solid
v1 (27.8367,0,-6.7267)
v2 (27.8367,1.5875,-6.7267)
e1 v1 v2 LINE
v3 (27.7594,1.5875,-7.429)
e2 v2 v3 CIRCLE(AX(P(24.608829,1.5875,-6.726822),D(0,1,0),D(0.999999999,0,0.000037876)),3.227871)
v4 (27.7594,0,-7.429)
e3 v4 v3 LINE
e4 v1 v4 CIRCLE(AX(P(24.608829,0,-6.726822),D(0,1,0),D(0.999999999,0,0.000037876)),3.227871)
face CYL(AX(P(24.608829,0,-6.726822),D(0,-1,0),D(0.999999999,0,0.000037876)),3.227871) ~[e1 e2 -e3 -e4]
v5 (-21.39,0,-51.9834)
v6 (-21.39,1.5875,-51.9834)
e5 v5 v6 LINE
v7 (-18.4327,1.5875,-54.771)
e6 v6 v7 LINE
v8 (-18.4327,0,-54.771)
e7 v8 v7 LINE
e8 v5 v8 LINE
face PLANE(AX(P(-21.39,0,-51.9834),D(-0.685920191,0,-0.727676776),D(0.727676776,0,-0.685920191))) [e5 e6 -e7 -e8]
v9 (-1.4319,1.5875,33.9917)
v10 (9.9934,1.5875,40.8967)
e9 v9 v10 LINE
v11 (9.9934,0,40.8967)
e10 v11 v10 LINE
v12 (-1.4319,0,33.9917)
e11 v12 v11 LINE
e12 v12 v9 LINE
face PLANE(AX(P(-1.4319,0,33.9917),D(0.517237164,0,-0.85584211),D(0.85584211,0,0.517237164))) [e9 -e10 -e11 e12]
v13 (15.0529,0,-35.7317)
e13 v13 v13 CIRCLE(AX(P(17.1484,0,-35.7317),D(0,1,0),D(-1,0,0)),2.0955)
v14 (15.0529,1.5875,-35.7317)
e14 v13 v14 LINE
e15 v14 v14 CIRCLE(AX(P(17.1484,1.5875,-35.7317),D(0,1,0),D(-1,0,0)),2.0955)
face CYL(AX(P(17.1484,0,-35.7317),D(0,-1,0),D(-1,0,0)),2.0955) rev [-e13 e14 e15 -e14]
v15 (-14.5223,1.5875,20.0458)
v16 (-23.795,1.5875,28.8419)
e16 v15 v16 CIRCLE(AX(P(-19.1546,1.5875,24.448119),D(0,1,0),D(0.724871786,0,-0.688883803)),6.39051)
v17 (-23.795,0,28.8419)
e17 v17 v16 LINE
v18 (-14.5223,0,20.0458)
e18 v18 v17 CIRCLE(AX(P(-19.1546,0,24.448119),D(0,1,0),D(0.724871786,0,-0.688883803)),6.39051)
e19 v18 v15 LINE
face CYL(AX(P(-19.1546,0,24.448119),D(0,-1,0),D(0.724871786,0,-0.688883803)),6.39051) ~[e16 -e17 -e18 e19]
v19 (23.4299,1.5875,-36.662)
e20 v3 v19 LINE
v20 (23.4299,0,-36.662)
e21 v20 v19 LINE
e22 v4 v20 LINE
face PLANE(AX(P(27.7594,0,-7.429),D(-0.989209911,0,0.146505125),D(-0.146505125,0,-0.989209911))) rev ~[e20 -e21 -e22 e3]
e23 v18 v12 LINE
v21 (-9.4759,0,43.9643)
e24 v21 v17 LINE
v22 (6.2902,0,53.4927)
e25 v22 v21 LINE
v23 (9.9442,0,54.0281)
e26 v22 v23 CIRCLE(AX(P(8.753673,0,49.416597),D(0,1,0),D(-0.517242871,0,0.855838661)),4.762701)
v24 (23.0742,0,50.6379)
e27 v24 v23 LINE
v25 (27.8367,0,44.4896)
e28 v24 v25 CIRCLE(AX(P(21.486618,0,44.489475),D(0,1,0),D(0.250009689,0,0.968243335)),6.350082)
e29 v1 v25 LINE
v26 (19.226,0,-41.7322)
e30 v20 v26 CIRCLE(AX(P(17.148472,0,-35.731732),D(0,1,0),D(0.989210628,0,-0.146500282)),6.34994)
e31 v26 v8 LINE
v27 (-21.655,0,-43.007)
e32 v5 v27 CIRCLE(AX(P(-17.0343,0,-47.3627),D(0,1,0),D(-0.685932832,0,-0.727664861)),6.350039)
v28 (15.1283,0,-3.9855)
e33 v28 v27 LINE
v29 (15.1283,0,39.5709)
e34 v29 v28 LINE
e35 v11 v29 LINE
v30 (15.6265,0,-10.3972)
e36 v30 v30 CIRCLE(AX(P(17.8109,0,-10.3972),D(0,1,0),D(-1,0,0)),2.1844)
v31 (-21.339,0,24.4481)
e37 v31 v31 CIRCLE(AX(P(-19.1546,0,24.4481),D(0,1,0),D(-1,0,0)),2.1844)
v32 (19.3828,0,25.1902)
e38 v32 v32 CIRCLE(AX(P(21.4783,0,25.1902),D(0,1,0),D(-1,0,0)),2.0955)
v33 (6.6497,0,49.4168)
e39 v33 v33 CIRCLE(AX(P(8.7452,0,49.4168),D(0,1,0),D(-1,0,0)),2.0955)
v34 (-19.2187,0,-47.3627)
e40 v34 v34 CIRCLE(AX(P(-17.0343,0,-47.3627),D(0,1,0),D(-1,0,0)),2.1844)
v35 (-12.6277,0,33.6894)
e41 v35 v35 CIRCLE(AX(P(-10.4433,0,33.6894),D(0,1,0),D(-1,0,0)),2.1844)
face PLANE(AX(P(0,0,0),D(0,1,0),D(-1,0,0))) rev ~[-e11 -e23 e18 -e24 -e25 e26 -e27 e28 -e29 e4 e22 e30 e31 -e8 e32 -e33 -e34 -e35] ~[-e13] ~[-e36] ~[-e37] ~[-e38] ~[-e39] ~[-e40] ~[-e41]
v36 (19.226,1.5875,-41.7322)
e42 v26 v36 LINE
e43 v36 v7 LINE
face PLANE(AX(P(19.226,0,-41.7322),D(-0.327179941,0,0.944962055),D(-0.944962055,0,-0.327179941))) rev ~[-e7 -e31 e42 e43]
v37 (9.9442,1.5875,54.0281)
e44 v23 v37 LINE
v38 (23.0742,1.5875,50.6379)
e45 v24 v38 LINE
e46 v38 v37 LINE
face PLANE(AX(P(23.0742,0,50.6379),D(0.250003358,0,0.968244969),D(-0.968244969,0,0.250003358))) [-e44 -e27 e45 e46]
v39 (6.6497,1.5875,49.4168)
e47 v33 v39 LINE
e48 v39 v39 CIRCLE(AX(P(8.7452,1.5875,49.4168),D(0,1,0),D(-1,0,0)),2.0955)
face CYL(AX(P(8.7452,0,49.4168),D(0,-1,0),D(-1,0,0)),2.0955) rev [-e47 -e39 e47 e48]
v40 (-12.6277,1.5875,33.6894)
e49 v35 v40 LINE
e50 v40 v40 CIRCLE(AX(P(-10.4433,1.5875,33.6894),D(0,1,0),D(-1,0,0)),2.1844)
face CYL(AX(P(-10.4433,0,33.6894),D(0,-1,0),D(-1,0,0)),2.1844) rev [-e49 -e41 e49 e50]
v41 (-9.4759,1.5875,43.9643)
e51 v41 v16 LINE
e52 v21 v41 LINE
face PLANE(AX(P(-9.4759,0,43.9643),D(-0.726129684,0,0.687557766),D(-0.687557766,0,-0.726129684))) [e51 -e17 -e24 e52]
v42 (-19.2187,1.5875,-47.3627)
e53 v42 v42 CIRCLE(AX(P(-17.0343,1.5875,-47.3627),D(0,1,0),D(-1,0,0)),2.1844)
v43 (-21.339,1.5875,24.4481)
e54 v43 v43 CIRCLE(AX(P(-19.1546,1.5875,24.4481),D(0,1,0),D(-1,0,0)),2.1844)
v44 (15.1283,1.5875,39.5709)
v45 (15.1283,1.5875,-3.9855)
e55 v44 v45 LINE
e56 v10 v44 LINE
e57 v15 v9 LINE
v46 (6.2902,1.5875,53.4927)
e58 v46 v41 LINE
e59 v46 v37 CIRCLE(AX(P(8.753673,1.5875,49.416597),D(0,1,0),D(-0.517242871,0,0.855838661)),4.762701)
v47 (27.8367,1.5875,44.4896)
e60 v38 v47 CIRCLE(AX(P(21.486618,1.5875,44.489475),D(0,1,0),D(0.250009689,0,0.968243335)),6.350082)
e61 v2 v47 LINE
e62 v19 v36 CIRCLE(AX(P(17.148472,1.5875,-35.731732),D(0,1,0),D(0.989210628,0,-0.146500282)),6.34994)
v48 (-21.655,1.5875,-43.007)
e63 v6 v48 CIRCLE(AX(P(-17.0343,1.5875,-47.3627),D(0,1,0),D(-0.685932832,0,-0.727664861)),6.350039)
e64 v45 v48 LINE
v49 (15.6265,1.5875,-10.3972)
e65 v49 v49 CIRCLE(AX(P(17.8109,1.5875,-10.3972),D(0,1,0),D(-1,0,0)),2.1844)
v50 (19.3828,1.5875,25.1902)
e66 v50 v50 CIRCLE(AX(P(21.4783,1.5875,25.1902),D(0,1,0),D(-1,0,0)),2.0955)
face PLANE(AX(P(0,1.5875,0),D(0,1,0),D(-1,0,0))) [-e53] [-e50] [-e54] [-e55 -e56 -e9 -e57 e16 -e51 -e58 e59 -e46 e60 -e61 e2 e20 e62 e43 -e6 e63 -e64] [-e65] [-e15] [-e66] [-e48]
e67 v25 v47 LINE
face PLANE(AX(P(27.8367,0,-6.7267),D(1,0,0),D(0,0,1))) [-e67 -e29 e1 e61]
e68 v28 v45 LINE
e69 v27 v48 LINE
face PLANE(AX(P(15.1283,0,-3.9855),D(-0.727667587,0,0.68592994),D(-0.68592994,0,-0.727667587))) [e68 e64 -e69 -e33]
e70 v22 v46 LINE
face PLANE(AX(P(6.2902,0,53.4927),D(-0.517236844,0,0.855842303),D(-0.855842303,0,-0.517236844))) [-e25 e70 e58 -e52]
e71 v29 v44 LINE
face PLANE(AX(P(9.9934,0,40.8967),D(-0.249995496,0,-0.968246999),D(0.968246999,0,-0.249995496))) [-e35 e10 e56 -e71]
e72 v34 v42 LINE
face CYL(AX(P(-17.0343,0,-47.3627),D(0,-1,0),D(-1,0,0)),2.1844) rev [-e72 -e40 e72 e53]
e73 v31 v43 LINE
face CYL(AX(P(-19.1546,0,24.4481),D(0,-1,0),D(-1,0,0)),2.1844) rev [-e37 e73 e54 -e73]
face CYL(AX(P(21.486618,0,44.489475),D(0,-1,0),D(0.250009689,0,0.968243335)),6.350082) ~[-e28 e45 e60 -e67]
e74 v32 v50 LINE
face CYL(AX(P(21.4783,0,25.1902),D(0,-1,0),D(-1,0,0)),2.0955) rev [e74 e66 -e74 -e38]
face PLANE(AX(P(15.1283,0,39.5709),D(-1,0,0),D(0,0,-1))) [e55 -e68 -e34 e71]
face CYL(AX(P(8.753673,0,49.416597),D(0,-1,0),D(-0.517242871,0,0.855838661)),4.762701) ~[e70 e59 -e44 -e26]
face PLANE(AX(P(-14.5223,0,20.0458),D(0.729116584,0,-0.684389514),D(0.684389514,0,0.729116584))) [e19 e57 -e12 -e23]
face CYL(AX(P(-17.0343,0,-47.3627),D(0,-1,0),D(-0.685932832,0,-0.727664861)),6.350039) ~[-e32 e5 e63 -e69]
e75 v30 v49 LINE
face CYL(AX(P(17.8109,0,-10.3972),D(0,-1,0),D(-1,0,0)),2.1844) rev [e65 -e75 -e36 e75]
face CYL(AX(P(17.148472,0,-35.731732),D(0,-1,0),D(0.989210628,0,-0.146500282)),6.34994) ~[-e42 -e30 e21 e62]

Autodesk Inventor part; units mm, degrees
ref_plane "YZ Plane" through (0, 0, 0) normal (1, 0, 0) x (0, 1, 0)
ref_plane "XZ Plane" through (0, 0, 0) normal (0, 1, 0) x (-1, 0, 0)
ref_plane "XY Plane" through (0, 0, 0) normal (0, 0, 1) x (1, 0, 0)
sketch "Sketch1" plane through (0, 0, 0) normal (0, 1, 0) x (-1, 0, 0)
  line L0 (9.4759, 43.9643) -> (23.795, 28.8419)
  arc A0 (14.5223, 20.0458) -> (23.795, 28.8419) centre (19.1546, 24.4481) ccw
  line L1 (14.5223, 20.0458) -> (1.4319, 33.9917)
  line L2 (1.4319, 33.9917) -> (-9.9934, 40.8967)
  line L3 (-9.9934, 40.8967) -> (-15.1283, 39.5709)
  line L4 (-6.2902, 53.4927) -> (9.4759, 43.9643)
  arc A1 (-6.2902, 53.4927) -> (-9.9442, 54.0281) centre (-8.7536, 49.4168) ccw
  line L5 (-23.0742, 50.6379) -> (-9.9442, 54.0281)
  arc A2 (-23.0742, 50.6379) -> (-27.8367, 44.4896) centre (-21.4867, 44.4896) ccw
  line L6 (-27.8367, -6.7267) -> (-27.8367, 44.4896)
  line L7 (-15.1283, 39.5709) -> (-15.1283, -3.9855)
  arc A3 (-23.4299, -36.662) -> (-19.226, -41.7322) centre (-17.1484, -35.7317) ccw
  line L8 (-27.7594, -7.429) -> (-23.4299, -36.662)
  circle A4 centre (17.0343, -47.3627) radius 2.1844
  arc A5 (21.39, -51.9834) -> (21.655, -43.007) centre (17.0343, -47.3627) ccw
  line L9 (-15.1283, -3.9855) -> (21.655, -43.007)
  line L10 (21.39, -51.9834) -> (18.4327, -54.771)
  line L11 (-19.226, -41.7322) -> (18.4327, -54.771)
  circle A6 centre (19.1546, 24.4481) radius 2.1844
  circle A7 centre (10.4433, 33.6894) radius 2.1844
  circle A8 centre (-8.7452, 49.4168) radius 2.0955
  circle A9 centre (-17.8109, -10.3972) radius 2.1844
  circle A10 centre (-21.4783, 25.1902) radius 2.0955
  arc A11 (-27.8367, -6.7267) -> (-27.7594, -7.429) centre (-24.6066, -6.7267) ccw
  circle A12 centre (-17.1484, -35.7317) radius 2.0955
  point P0 (0, 0)
  dimension "d0" = 4.191
  dimension "d1" = 4.191
  dimension "d2" = 4.191
extrude "Extrusion1" add sketch "Sketch1" along normal blind 1.5875
properties part number "MOGO Funnel" material "Acetal Resin, White"
